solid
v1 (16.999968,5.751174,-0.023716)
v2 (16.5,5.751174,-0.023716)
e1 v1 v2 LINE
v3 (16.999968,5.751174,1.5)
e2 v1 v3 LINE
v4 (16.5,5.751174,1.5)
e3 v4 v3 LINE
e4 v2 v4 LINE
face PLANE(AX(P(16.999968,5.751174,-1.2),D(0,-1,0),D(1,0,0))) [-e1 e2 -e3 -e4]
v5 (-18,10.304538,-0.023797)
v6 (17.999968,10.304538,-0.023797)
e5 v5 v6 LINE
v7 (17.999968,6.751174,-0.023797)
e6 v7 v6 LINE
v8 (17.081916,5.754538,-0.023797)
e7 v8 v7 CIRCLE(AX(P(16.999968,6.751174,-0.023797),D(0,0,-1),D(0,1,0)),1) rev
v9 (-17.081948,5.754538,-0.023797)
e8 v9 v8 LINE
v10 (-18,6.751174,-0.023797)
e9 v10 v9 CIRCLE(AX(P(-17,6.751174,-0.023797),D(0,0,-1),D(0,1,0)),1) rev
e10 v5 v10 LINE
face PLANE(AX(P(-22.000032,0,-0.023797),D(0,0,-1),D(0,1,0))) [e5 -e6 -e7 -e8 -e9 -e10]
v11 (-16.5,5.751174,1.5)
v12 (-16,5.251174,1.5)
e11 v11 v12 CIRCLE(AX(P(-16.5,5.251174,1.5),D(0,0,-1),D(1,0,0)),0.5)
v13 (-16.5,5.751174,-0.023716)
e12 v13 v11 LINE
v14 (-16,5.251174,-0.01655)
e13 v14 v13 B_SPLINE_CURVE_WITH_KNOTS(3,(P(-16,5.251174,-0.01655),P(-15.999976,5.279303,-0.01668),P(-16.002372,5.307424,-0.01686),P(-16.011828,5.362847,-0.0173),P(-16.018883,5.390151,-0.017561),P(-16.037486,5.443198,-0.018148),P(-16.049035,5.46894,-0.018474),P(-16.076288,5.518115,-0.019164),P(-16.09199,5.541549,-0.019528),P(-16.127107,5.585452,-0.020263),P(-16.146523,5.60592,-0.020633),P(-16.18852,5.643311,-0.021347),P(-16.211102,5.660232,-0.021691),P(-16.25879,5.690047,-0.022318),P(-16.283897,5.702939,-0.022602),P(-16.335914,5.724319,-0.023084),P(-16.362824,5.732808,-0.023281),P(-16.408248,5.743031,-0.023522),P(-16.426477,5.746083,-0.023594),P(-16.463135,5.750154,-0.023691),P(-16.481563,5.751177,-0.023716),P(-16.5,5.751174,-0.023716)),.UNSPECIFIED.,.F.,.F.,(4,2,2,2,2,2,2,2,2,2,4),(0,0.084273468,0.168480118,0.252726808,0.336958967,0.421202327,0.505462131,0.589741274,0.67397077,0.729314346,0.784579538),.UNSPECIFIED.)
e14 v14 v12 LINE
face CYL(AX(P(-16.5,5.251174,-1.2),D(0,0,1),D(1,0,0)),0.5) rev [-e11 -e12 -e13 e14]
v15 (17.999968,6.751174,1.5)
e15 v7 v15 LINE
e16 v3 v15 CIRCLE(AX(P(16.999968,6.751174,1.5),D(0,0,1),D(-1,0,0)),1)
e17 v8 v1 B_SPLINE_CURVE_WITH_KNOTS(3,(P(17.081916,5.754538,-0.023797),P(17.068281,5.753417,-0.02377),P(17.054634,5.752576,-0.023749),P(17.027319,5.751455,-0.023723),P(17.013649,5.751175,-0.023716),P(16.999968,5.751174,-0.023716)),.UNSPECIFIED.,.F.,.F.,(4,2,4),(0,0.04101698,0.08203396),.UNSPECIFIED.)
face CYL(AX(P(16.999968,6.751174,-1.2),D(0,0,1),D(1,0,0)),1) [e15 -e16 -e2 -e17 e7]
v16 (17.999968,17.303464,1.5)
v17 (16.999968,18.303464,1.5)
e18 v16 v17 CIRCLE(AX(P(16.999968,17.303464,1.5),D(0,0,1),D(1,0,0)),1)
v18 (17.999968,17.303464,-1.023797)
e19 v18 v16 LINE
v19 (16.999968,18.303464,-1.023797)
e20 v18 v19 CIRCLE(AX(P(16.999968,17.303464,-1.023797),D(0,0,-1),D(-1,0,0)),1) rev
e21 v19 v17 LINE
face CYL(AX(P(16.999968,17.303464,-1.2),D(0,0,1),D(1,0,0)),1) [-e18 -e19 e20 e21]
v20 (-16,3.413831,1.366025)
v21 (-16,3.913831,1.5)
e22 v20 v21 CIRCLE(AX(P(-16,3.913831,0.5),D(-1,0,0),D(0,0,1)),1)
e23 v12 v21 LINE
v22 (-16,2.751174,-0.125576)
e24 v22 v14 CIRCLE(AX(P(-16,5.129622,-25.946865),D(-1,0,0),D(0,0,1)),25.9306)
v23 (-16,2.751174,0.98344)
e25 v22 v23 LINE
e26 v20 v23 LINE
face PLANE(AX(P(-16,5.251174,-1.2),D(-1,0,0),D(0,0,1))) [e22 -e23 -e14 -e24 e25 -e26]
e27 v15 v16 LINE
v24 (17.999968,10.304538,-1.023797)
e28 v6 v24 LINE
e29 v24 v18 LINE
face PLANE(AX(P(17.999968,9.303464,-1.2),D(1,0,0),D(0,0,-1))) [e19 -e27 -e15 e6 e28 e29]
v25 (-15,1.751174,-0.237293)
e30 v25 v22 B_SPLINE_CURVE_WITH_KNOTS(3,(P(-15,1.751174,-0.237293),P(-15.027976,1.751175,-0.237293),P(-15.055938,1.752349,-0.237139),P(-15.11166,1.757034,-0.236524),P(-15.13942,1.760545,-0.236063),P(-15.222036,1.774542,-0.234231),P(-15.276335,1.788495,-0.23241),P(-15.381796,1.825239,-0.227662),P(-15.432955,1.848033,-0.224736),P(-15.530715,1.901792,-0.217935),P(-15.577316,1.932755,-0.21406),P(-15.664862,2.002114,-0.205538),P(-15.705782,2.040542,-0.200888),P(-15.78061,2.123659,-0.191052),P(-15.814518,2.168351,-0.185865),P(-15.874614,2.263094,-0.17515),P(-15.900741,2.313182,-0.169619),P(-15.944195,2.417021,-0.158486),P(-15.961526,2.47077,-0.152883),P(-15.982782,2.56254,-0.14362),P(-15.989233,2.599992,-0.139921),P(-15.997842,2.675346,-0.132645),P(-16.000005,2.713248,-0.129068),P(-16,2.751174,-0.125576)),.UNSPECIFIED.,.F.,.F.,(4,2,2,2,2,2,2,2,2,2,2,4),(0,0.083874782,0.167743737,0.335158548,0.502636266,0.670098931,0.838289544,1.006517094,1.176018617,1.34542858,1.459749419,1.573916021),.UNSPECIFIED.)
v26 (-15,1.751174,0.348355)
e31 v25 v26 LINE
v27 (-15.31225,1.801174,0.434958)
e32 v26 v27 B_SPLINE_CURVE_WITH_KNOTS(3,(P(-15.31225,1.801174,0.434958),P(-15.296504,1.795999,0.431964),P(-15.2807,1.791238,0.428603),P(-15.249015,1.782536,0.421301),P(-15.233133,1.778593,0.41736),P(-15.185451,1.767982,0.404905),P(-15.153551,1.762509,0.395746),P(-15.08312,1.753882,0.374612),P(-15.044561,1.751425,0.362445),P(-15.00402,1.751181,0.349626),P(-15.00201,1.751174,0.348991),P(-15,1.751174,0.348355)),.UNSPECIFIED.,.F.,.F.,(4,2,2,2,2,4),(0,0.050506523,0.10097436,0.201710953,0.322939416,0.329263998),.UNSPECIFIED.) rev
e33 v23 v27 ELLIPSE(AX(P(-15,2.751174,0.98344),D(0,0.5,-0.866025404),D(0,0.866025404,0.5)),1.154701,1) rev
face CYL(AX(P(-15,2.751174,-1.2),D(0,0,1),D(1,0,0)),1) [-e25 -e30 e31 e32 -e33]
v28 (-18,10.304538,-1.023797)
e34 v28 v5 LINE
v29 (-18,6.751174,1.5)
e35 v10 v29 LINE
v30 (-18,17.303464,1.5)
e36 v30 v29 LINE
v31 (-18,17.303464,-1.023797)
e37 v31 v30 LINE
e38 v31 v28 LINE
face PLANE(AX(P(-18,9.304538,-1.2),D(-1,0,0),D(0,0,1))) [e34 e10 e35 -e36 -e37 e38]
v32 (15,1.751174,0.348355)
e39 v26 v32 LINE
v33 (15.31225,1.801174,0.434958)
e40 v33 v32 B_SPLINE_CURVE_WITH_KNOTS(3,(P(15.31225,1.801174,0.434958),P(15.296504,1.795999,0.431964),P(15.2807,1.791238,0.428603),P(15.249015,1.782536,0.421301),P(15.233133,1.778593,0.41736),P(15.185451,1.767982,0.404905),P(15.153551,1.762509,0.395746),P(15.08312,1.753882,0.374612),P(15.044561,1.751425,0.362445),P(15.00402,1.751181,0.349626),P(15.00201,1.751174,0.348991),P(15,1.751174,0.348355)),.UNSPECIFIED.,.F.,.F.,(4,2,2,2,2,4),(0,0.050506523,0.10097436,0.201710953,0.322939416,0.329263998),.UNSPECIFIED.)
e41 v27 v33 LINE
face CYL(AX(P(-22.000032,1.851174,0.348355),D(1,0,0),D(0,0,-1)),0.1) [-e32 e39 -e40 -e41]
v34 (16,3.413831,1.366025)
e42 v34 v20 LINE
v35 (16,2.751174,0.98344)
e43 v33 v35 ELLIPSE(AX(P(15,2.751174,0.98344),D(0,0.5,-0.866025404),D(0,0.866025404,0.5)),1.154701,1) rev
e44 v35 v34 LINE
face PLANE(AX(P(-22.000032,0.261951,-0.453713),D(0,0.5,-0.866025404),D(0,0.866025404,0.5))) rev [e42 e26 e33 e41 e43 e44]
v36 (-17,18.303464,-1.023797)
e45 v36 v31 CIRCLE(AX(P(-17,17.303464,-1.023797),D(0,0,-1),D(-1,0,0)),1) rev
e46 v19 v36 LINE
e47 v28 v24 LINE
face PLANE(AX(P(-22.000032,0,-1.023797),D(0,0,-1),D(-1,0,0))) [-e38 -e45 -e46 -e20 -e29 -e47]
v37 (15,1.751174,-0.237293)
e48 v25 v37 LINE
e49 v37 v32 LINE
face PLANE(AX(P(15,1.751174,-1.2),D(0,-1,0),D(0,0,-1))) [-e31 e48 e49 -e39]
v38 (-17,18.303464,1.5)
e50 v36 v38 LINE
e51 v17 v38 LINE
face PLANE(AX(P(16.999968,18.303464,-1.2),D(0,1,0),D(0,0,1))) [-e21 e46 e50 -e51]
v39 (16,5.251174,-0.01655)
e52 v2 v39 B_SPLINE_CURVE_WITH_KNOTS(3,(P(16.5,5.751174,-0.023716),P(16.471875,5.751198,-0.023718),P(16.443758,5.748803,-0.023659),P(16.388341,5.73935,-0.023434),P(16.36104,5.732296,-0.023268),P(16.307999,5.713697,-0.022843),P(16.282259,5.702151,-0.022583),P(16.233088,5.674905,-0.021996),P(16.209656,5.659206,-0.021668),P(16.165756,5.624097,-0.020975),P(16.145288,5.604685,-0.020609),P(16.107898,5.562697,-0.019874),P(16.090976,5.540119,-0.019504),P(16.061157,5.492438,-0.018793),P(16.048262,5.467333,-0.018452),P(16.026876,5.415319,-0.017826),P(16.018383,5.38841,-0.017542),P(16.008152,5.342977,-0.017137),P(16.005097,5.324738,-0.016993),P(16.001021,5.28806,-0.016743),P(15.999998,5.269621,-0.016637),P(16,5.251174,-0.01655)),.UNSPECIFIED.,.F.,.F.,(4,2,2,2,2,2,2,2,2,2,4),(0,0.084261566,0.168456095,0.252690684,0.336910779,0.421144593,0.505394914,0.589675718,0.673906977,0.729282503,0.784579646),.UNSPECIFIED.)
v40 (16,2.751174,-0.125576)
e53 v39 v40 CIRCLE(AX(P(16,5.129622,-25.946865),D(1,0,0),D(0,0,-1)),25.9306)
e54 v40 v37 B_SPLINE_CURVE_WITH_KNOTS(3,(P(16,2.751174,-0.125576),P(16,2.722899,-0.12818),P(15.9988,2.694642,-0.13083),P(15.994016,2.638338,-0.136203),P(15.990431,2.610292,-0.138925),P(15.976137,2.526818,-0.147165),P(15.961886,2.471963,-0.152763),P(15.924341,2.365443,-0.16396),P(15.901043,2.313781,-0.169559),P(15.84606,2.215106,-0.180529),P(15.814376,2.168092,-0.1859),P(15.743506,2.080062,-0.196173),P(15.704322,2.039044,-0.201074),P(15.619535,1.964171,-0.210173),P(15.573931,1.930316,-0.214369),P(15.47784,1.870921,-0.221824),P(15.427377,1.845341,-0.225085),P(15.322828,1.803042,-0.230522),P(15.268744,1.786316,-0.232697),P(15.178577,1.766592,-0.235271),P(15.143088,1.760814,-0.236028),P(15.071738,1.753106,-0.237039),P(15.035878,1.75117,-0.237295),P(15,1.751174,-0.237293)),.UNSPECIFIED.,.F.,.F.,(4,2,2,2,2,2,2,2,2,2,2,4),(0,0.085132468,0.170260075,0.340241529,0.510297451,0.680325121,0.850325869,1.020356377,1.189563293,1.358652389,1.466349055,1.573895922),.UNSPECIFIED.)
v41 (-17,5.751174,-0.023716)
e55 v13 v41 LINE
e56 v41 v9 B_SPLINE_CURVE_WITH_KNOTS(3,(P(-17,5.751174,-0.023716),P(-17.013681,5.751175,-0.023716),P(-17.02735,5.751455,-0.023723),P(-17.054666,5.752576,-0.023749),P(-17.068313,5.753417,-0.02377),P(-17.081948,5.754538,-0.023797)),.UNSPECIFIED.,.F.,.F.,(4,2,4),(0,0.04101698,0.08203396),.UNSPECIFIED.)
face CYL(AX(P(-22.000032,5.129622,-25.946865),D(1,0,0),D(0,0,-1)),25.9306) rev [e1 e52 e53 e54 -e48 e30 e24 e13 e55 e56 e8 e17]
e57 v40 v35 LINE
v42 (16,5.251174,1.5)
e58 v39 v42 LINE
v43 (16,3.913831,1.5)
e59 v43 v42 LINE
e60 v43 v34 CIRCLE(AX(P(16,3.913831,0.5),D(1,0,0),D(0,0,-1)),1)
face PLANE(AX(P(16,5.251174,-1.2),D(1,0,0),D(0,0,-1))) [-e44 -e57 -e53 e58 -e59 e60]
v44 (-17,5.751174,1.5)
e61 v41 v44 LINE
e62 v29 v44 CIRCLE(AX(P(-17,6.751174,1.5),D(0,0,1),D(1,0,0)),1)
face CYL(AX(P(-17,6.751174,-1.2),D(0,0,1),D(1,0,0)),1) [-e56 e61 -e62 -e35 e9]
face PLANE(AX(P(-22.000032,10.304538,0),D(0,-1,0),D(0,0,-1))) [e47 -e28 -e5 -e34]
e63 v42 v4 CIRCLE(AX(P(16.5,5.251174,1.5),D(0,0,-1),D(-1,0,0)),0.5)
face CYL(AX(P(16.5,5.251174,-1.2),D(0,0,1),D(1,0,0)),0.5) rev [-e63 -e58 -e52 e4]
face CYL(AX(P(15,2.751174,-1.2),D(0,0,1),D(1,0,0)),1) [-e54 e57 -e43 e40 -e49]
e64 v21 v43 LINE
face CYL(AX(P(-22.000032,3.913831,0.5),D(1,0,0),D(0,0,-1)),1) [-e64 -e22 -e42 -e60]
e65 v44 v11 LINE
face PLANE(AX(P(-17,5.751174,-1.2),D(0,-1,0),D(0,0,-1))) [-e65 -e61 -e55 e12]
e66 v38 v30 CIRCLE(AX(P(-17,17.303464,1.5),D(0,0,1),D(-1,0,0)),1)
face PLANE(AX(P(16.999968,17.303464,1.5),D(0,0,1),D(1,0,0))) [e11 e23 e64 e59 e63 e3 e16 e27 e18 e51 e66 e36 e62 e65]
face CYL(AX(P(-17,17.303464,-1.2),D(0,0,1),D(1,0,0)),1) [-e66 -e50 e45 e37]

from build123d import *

# Parameters (mm, degrees)
BOSS_EXTRUDE1_DEPTH      = 1.5
BOSS_EXTRUDE1_DEPTH_BACK = 1.2
CUT_EXTRUDE1_DEPTH       = 40
FILLET1_R                = 1


with BuildPart() as part:
    # Sketch1 → Boss-Extrude1 (new body, two sides)
    with BuildSketch(Plane.XY) as boss_extrude1_sk:
        with BuildLine():
            Line((-17.999999991, 9.304537824), (-17.999999991, 10.304506021))
            Line((-17.999999991, 10.304506021), (-17.999999991, 17.303464443))
            ThreePointArc((-17.999999991, 17.303464443), (-17.707106772, 18.010571225), (-16.999999991, 18.303464443))
            Line((-16.999999991, 18.303464443), (16.999968161, 18.303464443))
            ThreePointArc((16.999968161, 18.303464443), (17.707074942, 18.010571225), (17.999968161, 17.303464443))
            Line((17.999968161, 17.303464443), (17.999968161, 9.303464443))
            Line((17.999968161, 9.303464443), (17.999968161, 6.751174458))
            ThreePointArc((17.999968161, 6.751174458), (17.707074942, 6.044067677), (16.999968161, 5.751174458))
            Line((16.999968161, 5.751174458), (16.499999991, 5.751174458))
            ThreePointArc((16.499999991, 5.751174458), (16.1464466, 5.604727849), (15.999999991, 5.251174458))
            Line((15.999999991, 5.251174458), (15.999999991, 2.751174458))
            ThreePointArc((15.999999991, 2.751174458), (15.707106772, 2.044067677), (14.999999991, 1.751174458))
            Line((14.999999991, 1.751174458), (-14.999999991, 1.751174458))
            ThreePointArc((-14.999999991, 1.751174458), (-15.707106772, 2.044067677), (-15.999999991, 2.751174458))
            Line((-15.999999991, 2.751174458), (-15.999999991, 5.251174458))
            ThreePointArc((-15.999999991, 5.251174458), (-16.1464466, 5.604727849), (-16.499999991, 5.751174458))
            Line((-16.499999991, 5.751174458), (-16.999999991, 5.751174458))
            ThreePointArc((-16.999999991, 5.751174458), (-17.707106772, 6.044067677), (-17.999999991, 6.751174458))
            Line((-17.999999991, 6.751174458), (-17.999999991, 9.304537824))
        make_face()
    extrude(amount=BOSS_EXTRUDE1_DEPTH)
    extrude(boss_extrude1_sk.sketch, amount=-BOSS_EXTRUDE1_DEPTH_BACK)

    # Sketch3 → Cut-Extrude1 (cut)
    with BuildSketch(Plane(origin=(17.999968161, 0, 0), x_dir=(0, 0, -1), z_dir=(1, 0, 0))):
        with BuildLine():
            Line((0.023796664, 5.754537824), (0.023796664, 10.304537824))
            Line((0.023796664, 10.304537824), (1.023796664, 10.304537824))
            Line((1.023796664, 10.304537824), (1.023796664, 22.680762846))
            ThreePointArc((1.023796664, 22.680762846), (7.212872074, 16.614024598), (1.2708887, 10.304537824))
            Line((1.2708887, 10.304537824), (1.2708887, 1.751174458))
            Line((1.2708887, 1.751174458), (0.23729316, 1.751174458))
            ThreePointArc((0.23729316, 1.751174458), (0.053060483, 3.748723952), (0.023796664, 5.754537824))
        make_face()
        with BuildLine():
            Line((-1.5, 3.645881873), (-1.5, 1.751174458))
            Line((-1.5, 1.751174458), (-0.306090164, 1.751174458))
            Line((-0.306090164, 1.751174458), (-0.348355137, 1.751174458))
            ThreePointArc((-0.348355137, 1.751174458), (-0.398355137, 1.764571918), (-0.434957677, 1.801174458))
            Line((-0.434957677, 1.801174458), (-1.5, 3.645881873))
        make_face()
    extrude(amount=-CUT_EXTRUDE1_DEPTH, mode=Mode.SUBTRACT)

    # Fillet1
    fillet1_edges = [part.edges().sort_by_distance(p)[0] for p in [
        (0, 3.645881873, 1.5),
    ]]
    fillet(fillet1_edges, radius=FILLET1_R)


solid = part.part
